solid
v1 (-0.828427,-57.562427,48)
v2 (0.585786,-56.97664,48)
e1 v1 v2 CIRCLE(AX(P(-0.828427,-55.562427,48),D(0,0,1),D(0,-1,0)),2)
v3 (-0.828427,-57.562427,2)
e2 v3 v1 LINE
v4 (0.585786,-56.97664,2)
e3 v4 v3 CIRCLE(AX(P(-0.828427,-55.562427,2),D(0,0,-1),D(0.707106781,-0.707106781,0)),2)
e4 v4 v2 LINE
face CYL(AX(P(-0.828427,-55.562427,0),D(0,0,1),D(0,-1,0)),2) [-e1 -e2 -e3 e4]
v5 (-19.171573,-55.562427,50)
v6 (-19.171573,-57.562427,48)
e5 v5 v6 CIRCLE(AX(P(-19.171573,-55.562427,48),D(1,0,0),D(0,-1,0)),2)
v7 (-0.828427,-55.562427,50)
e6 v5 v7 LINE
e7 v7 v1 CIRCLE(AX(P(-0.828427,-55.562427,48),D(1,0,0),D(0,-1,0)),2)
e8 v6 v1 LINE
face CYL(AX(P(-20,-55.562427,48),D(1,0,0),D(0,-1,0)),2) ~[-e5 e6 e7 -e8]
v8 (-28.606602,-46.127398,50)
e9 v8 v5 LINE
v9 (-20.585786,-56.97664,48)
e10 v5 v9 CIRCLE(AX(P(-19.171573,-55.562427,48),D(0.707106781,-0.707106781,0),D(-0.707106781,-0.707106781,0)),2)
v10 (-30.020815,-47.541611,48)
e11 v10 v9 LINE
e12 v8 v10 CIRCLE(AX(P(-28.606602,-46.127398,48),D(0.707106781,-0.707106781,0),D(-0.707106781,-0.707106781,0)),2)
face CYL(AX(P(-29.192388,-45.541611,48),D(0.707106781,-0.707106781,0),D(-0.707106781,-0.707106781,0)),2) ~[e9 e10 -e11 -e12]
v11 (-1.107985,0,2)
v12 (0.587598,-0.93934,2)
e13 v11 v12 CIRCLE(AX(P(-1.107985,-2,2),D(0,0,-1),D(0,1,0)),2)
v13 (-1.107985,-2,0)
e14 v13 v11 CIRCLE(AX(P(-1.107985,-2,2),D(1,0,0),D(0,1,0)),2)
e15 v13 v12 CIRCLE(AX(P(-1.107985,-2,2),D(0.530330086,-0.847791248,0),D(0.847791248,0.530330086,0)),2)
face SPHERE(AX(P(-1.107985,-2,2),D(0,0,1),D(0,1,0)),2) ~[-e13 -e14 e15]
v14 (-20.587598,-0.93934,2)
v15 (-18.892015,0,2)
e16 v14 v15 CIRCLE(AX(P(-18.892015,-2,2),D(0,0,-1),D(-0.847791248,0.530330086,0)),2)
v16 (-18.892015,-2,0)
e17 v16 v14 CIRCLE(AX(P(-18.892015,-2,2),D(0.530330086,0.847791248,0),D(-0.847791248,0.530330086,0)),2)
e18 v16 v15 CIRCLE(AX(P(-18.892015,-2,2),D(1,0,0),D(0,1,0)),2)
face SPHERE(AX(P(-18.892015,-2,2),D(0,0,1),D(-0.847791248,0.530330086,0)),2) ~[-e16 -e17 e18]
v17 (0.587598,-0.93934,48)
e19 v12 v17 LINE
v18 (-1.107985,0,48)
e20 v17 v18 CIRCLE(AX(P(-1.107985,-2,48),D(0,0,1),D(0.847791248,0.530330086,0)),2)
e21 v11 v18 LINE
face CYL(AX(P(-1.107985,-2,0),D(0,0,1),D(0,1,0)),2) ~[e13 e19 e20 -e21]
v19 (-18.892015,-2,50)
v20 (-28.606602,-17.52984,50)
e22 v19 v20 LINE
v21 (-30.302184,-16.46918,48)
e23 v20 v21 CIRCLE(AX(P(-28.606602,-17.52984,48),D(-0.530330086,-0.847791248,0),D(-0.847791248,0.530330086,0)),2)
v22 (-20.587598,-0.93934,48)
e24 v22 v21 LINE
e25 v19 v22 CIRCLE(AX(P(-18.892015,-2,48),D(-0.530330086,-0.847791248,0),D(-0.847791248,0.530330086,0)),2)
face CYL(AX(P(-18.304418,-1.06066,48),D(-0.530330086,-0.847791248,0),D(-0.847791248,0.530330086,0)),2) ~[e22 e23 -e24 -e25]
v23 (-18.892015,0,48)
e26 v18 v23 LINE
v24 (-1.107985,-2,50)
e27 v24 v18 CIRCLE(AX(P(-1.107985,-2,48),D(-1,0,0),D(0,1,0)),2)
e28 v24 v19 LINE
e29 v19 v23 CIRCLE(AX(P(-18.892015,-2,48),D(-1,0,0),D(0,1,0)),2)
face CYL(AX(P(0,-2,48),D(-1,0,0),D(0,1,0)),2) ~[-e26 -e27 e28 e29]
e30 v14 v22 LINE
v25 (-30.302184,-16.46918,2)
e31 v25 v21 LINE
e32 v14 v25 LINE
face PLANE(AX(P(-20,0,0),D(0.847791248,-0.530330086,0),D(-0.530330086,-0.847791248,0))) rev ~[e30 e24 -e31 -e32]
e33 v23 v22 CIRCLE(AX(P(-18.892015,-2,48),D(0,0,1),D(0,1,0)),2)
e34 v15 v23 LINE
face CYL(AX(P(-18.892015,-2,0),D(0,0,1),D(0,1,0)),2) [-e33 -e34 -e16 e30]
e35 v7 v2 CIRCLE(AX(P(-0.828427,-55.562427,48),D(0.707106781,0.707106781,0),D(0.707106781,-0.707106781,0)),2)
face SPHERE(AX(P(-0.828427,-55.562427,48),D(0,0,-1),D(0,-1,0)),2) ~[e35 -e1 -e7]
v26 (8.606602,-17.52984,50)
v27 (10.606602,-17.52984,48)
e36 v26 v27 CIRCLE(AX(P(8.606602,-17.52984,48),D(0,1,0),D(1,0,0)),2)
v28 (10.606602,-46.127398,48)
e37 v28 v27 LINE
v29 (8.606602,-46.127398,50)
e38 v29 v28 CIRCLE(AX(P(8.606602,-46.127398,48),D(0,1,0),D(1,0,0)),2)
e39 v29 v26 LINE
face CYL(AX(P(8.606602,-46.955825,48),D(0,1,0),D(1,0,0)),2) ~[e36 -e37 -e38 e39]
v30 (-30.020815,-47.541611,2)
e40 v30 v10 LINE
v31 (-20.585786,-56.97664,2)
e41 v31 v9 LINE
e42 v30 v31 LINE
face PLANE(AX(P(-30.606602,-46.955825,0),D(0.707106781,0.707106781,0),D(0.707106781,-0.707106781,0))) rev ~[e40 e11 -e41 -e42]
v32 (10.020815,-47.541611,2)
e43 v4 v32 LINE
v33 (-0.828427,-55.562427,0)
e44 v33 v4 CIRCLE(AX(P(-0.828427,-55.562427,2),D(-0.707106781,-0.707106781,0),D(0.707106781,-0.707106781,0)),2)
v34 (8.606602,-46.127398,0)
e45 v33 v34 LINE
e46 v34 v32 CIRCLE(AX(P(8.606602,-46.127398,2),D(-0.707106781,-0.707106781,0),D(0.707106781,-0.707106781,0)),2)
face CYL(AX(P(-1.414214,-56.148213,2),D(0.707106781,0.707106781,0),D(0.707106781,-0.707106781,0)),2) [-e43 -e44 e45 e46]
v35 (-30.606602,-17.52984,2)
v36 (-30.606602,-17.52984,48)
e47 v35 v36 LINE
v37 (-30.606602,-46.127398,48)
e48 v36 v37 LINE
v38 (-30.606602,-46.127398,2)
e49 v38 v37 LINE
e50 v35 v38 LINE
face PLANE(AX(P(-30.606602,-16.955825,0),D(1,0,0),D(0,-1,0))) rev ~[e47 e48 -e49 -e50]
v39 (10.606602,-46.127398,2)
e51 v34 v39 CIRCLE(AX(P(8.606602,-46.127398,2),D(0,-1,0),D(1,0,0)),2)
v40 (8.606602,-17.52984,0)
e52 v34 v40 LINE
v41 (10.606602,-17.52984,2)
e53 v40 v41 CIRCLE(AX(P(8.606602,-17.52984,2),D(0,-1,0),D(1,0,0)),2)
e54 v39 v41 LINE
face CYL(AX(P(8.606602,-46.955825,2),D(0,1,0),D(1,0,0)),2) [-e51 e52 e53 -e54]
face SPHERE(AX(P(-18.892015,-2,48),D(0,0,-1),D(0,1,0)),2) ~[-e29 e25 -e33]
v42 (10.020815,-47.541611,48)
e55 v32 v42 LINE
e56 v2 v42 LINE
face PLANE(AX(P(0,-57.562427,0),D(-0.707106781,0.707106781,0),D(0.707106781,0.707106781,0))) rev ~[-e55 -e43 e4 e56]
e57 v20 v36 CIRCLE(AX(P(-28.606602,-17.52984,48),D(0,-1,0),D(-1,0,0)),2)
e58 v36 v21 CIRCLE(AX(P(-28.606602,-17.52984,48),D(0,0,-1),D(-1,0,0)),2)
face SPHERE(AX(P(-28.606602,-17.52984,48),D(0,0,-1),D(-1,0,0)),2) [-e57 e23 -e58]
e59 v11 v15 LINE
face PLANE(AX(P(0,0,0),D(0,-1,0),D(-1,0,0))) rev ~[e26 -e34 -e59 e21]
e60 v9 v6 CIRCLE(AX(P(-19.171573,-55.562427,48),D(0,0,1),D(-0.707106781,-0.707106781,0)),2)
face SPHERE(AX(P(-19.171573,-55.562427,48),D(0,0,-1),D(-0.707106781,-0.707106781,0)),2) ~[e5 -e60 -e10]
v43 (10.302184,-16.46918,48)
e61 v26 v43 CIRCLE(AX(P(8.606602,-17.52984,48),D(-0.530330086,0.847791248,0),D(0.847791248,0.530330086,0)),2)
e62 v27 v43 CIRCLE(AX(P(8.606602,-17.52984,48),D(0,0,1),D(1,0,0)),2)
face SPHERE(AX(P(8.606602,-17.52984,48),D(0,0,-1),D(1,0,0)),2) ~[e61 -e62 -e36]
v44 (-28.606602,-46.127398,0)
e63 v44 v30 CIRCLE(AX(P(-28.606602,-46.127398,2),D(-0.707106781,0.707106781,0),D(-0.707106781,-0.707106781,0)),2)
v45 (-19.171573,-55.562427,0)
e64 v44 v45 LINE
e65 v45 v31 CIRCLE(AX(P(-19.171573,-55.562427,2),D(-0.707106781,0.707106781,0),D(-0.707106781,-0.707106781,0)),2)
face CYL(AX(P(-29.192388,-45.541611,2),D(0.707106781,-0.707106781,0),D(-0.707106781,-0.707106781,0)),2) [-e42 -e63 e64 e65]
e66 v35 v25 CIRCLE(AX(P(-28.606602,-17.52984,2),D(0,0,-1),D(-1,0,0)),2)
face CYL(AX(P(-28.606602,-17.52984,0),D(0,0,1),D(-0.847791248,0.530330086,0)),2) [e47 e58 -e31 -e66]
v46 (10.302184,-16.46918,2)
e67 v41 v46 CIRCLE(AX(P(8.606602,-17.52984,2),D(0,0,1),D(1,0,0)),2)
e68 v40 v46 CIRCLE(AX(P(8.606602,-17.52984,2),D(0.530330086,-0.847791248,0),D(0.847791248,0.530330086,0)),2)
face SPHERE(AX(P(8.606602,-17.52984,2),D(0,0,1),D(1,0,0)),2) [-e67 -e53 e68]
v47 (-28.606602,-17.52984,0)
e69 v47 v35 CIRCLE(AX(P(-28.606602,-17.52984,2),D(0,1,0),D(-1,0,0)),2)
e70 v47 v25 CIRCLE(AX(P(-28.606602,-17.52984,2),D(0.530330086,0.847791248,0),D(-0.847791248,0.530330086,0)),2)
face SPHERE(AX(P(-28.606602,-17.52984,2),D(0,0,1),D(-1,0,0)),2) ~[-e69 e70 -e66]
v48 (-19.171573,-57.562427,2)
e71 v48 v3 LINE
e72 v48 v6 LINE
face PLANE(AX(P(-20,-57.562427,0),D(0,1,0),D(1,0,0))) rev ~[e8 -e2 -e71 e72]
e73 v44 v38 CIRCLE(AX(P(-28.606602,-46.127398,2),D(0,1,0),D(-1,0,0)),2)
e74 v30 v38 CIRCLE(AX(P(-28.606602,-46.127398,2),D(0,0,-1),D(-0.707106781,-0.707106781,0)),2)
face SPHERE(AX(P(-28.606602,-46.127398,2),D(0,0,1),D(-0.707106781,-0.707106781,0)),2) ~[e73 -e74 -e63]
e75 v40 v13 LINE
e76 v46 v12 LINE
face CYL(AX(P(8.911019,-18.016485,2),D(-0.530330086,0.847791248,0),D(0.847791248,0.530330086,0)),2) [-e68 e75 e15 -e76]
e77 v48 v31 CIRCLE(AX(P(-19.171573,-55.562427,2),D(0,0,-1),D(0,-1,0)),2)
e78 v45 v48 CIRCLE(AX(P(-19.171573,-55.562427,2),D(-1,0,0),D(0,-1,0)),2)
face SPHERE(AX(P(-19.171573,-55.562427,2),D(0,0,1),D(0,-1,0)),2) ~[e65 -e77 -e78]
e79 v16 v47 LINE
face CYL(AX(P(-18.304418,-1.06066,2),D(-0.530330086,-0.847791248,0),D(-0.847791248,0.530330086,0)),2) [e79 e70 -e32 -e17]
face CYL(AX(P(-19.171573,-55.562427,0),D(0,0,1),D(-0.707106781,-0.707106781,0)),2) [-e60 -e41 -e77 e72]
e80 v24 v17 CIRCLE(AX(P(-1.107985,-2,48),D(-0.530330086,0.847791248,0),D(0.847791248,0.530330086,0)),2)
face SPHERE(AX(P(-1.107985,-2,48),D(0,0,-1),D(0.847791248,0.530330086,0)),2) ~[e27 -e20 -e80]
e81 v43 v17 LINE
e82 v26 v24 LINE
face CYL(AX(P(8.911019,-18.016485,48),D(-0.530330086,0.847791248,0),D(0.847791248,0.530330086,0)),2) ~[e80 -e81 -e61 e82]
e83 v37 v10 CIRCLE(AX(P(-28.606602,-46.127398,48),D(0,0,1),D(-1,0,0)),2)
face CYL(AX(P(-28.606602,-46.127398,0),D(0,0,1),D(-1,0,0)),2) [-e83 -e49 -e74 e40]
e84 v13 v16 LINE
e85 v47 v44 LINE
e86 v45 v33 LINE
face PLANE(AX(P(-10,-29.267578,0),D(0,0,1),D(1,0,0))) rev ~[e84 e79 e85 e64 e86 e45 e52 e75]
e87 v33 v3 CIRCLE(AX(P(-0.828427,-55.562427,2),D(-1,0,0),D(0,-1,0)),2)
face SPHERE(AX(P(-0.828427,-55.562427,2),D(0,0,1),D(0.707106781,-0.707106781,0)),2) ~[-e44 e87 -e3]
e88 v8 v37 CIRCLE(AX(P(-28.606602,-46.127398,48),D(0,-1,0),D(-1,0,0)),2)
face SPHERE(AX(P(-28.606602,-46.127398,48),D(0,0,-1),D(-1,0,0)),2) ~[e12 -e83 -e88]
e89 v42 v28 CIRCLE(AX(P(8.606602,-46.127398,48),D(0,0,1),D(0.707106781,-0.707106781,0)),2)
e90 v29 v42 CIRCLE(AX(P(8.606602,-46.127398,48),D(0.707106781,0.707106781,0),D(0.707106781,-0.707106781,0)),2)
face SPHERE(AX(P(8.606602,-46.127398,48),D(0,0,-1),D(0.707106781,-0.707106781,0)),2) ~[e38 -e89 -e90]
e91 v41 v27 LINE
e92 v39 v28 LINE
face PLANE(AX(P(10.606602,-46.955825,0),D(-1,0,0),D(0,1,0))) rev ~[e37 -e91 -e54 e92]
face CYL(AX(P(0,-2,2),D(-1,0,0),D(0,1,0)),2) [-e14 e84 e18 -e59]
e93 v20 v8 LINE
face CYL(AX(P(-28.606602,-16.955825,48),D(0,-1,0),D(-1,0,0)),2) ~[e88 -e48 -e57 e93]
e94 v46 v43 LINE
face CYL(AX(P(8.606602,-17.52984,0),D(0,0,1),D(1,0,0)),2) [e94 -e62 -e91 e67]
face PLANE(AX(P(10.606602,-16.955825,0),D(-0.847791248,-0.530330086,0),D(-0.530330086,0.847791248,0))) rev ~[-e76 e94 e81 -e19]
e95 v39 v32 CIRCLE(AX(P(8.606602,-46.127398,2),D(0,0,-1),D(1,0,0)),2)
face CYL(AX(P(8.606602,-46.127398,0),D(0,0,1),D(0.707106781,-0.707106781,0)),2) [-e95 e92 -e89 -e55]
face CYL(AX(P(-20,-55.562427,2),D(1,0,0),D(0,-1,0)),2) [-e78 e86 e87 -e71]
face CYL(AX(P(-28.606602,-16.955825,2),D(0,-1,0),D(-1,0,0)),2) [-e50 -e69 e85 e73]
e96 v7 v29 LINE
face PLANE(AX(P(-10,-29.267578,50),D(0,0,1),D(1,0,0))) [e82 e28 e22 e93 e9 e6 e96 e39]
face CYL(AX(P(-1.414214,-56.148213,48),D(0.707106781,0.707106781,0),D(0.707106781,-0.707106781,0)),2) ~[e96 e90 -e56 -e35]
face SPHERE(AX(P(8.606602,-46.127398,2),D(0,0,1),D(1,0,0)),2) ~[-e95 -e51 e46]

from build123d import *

# Parameters (mm, degrees)
BOSS_EXTRUDE1_DEPTH = 50
FILLET1_R           = 2


with BuildPart() as part:
    # Sketch1 → Boss-Extrude1 (new body)
    with BuildSketch(Plane.XY):
        Polygon((0, 0), (-20, 0), (-30.606601718, -16.955824958), (-30.606601718, -46.955824958), (-20, -57.562426676), (0, -57.562426676), (10.606601718, -46.955824958), (10.606601718, -16.955824958), align=None)
    extrude(amount=BOSS_EXTRUDE1_DEPTH)

    # Fillet1
    fillet1_edges = [part.edges().sort_by_distance(p)[0] for p in [
        (-30.606601718, -31.955824958, 0),
        (-25.303300859, -8.477912479, 0),
        (-10, 0, 0),
        (5.303300859, -8.477912479, 0),
        (-25.303300859, -8.477912479, 50),
        (10.606601718, -16.955824958, 25),
        (10.606601718, -46.955824958, 25),
        (0, -57.562426676, 25),
        (-20, -57.562426676, 25),
        (-30.606601718, -46.955824958, 25),
        (-30.606601718, -16.955824958, 25),
        (-20, 0, 25),
        (0, 0, 25),
        (-30.606601718, -31.955824958, 50),
        (-25.303300859, -52.259125817, 50),
        (-10, -57.562426676, 50),
        (5.303300859, -52.259125817, 50),
        (10.606601718, -31.955824958, 50),
        (5.303300859, -8.477912479, 50),
        (10.606601718, -31.955824958, 0),
        (-10, 0, 50),
        (5.303300859, -52.259125817, 0),
        (-10, -57.562426676, 0),
        (-25.303300859, -52.259125817, 0),
    ]]
    fillet(fillet1_edges, radius=FILLET1_R)


solid = part.part
